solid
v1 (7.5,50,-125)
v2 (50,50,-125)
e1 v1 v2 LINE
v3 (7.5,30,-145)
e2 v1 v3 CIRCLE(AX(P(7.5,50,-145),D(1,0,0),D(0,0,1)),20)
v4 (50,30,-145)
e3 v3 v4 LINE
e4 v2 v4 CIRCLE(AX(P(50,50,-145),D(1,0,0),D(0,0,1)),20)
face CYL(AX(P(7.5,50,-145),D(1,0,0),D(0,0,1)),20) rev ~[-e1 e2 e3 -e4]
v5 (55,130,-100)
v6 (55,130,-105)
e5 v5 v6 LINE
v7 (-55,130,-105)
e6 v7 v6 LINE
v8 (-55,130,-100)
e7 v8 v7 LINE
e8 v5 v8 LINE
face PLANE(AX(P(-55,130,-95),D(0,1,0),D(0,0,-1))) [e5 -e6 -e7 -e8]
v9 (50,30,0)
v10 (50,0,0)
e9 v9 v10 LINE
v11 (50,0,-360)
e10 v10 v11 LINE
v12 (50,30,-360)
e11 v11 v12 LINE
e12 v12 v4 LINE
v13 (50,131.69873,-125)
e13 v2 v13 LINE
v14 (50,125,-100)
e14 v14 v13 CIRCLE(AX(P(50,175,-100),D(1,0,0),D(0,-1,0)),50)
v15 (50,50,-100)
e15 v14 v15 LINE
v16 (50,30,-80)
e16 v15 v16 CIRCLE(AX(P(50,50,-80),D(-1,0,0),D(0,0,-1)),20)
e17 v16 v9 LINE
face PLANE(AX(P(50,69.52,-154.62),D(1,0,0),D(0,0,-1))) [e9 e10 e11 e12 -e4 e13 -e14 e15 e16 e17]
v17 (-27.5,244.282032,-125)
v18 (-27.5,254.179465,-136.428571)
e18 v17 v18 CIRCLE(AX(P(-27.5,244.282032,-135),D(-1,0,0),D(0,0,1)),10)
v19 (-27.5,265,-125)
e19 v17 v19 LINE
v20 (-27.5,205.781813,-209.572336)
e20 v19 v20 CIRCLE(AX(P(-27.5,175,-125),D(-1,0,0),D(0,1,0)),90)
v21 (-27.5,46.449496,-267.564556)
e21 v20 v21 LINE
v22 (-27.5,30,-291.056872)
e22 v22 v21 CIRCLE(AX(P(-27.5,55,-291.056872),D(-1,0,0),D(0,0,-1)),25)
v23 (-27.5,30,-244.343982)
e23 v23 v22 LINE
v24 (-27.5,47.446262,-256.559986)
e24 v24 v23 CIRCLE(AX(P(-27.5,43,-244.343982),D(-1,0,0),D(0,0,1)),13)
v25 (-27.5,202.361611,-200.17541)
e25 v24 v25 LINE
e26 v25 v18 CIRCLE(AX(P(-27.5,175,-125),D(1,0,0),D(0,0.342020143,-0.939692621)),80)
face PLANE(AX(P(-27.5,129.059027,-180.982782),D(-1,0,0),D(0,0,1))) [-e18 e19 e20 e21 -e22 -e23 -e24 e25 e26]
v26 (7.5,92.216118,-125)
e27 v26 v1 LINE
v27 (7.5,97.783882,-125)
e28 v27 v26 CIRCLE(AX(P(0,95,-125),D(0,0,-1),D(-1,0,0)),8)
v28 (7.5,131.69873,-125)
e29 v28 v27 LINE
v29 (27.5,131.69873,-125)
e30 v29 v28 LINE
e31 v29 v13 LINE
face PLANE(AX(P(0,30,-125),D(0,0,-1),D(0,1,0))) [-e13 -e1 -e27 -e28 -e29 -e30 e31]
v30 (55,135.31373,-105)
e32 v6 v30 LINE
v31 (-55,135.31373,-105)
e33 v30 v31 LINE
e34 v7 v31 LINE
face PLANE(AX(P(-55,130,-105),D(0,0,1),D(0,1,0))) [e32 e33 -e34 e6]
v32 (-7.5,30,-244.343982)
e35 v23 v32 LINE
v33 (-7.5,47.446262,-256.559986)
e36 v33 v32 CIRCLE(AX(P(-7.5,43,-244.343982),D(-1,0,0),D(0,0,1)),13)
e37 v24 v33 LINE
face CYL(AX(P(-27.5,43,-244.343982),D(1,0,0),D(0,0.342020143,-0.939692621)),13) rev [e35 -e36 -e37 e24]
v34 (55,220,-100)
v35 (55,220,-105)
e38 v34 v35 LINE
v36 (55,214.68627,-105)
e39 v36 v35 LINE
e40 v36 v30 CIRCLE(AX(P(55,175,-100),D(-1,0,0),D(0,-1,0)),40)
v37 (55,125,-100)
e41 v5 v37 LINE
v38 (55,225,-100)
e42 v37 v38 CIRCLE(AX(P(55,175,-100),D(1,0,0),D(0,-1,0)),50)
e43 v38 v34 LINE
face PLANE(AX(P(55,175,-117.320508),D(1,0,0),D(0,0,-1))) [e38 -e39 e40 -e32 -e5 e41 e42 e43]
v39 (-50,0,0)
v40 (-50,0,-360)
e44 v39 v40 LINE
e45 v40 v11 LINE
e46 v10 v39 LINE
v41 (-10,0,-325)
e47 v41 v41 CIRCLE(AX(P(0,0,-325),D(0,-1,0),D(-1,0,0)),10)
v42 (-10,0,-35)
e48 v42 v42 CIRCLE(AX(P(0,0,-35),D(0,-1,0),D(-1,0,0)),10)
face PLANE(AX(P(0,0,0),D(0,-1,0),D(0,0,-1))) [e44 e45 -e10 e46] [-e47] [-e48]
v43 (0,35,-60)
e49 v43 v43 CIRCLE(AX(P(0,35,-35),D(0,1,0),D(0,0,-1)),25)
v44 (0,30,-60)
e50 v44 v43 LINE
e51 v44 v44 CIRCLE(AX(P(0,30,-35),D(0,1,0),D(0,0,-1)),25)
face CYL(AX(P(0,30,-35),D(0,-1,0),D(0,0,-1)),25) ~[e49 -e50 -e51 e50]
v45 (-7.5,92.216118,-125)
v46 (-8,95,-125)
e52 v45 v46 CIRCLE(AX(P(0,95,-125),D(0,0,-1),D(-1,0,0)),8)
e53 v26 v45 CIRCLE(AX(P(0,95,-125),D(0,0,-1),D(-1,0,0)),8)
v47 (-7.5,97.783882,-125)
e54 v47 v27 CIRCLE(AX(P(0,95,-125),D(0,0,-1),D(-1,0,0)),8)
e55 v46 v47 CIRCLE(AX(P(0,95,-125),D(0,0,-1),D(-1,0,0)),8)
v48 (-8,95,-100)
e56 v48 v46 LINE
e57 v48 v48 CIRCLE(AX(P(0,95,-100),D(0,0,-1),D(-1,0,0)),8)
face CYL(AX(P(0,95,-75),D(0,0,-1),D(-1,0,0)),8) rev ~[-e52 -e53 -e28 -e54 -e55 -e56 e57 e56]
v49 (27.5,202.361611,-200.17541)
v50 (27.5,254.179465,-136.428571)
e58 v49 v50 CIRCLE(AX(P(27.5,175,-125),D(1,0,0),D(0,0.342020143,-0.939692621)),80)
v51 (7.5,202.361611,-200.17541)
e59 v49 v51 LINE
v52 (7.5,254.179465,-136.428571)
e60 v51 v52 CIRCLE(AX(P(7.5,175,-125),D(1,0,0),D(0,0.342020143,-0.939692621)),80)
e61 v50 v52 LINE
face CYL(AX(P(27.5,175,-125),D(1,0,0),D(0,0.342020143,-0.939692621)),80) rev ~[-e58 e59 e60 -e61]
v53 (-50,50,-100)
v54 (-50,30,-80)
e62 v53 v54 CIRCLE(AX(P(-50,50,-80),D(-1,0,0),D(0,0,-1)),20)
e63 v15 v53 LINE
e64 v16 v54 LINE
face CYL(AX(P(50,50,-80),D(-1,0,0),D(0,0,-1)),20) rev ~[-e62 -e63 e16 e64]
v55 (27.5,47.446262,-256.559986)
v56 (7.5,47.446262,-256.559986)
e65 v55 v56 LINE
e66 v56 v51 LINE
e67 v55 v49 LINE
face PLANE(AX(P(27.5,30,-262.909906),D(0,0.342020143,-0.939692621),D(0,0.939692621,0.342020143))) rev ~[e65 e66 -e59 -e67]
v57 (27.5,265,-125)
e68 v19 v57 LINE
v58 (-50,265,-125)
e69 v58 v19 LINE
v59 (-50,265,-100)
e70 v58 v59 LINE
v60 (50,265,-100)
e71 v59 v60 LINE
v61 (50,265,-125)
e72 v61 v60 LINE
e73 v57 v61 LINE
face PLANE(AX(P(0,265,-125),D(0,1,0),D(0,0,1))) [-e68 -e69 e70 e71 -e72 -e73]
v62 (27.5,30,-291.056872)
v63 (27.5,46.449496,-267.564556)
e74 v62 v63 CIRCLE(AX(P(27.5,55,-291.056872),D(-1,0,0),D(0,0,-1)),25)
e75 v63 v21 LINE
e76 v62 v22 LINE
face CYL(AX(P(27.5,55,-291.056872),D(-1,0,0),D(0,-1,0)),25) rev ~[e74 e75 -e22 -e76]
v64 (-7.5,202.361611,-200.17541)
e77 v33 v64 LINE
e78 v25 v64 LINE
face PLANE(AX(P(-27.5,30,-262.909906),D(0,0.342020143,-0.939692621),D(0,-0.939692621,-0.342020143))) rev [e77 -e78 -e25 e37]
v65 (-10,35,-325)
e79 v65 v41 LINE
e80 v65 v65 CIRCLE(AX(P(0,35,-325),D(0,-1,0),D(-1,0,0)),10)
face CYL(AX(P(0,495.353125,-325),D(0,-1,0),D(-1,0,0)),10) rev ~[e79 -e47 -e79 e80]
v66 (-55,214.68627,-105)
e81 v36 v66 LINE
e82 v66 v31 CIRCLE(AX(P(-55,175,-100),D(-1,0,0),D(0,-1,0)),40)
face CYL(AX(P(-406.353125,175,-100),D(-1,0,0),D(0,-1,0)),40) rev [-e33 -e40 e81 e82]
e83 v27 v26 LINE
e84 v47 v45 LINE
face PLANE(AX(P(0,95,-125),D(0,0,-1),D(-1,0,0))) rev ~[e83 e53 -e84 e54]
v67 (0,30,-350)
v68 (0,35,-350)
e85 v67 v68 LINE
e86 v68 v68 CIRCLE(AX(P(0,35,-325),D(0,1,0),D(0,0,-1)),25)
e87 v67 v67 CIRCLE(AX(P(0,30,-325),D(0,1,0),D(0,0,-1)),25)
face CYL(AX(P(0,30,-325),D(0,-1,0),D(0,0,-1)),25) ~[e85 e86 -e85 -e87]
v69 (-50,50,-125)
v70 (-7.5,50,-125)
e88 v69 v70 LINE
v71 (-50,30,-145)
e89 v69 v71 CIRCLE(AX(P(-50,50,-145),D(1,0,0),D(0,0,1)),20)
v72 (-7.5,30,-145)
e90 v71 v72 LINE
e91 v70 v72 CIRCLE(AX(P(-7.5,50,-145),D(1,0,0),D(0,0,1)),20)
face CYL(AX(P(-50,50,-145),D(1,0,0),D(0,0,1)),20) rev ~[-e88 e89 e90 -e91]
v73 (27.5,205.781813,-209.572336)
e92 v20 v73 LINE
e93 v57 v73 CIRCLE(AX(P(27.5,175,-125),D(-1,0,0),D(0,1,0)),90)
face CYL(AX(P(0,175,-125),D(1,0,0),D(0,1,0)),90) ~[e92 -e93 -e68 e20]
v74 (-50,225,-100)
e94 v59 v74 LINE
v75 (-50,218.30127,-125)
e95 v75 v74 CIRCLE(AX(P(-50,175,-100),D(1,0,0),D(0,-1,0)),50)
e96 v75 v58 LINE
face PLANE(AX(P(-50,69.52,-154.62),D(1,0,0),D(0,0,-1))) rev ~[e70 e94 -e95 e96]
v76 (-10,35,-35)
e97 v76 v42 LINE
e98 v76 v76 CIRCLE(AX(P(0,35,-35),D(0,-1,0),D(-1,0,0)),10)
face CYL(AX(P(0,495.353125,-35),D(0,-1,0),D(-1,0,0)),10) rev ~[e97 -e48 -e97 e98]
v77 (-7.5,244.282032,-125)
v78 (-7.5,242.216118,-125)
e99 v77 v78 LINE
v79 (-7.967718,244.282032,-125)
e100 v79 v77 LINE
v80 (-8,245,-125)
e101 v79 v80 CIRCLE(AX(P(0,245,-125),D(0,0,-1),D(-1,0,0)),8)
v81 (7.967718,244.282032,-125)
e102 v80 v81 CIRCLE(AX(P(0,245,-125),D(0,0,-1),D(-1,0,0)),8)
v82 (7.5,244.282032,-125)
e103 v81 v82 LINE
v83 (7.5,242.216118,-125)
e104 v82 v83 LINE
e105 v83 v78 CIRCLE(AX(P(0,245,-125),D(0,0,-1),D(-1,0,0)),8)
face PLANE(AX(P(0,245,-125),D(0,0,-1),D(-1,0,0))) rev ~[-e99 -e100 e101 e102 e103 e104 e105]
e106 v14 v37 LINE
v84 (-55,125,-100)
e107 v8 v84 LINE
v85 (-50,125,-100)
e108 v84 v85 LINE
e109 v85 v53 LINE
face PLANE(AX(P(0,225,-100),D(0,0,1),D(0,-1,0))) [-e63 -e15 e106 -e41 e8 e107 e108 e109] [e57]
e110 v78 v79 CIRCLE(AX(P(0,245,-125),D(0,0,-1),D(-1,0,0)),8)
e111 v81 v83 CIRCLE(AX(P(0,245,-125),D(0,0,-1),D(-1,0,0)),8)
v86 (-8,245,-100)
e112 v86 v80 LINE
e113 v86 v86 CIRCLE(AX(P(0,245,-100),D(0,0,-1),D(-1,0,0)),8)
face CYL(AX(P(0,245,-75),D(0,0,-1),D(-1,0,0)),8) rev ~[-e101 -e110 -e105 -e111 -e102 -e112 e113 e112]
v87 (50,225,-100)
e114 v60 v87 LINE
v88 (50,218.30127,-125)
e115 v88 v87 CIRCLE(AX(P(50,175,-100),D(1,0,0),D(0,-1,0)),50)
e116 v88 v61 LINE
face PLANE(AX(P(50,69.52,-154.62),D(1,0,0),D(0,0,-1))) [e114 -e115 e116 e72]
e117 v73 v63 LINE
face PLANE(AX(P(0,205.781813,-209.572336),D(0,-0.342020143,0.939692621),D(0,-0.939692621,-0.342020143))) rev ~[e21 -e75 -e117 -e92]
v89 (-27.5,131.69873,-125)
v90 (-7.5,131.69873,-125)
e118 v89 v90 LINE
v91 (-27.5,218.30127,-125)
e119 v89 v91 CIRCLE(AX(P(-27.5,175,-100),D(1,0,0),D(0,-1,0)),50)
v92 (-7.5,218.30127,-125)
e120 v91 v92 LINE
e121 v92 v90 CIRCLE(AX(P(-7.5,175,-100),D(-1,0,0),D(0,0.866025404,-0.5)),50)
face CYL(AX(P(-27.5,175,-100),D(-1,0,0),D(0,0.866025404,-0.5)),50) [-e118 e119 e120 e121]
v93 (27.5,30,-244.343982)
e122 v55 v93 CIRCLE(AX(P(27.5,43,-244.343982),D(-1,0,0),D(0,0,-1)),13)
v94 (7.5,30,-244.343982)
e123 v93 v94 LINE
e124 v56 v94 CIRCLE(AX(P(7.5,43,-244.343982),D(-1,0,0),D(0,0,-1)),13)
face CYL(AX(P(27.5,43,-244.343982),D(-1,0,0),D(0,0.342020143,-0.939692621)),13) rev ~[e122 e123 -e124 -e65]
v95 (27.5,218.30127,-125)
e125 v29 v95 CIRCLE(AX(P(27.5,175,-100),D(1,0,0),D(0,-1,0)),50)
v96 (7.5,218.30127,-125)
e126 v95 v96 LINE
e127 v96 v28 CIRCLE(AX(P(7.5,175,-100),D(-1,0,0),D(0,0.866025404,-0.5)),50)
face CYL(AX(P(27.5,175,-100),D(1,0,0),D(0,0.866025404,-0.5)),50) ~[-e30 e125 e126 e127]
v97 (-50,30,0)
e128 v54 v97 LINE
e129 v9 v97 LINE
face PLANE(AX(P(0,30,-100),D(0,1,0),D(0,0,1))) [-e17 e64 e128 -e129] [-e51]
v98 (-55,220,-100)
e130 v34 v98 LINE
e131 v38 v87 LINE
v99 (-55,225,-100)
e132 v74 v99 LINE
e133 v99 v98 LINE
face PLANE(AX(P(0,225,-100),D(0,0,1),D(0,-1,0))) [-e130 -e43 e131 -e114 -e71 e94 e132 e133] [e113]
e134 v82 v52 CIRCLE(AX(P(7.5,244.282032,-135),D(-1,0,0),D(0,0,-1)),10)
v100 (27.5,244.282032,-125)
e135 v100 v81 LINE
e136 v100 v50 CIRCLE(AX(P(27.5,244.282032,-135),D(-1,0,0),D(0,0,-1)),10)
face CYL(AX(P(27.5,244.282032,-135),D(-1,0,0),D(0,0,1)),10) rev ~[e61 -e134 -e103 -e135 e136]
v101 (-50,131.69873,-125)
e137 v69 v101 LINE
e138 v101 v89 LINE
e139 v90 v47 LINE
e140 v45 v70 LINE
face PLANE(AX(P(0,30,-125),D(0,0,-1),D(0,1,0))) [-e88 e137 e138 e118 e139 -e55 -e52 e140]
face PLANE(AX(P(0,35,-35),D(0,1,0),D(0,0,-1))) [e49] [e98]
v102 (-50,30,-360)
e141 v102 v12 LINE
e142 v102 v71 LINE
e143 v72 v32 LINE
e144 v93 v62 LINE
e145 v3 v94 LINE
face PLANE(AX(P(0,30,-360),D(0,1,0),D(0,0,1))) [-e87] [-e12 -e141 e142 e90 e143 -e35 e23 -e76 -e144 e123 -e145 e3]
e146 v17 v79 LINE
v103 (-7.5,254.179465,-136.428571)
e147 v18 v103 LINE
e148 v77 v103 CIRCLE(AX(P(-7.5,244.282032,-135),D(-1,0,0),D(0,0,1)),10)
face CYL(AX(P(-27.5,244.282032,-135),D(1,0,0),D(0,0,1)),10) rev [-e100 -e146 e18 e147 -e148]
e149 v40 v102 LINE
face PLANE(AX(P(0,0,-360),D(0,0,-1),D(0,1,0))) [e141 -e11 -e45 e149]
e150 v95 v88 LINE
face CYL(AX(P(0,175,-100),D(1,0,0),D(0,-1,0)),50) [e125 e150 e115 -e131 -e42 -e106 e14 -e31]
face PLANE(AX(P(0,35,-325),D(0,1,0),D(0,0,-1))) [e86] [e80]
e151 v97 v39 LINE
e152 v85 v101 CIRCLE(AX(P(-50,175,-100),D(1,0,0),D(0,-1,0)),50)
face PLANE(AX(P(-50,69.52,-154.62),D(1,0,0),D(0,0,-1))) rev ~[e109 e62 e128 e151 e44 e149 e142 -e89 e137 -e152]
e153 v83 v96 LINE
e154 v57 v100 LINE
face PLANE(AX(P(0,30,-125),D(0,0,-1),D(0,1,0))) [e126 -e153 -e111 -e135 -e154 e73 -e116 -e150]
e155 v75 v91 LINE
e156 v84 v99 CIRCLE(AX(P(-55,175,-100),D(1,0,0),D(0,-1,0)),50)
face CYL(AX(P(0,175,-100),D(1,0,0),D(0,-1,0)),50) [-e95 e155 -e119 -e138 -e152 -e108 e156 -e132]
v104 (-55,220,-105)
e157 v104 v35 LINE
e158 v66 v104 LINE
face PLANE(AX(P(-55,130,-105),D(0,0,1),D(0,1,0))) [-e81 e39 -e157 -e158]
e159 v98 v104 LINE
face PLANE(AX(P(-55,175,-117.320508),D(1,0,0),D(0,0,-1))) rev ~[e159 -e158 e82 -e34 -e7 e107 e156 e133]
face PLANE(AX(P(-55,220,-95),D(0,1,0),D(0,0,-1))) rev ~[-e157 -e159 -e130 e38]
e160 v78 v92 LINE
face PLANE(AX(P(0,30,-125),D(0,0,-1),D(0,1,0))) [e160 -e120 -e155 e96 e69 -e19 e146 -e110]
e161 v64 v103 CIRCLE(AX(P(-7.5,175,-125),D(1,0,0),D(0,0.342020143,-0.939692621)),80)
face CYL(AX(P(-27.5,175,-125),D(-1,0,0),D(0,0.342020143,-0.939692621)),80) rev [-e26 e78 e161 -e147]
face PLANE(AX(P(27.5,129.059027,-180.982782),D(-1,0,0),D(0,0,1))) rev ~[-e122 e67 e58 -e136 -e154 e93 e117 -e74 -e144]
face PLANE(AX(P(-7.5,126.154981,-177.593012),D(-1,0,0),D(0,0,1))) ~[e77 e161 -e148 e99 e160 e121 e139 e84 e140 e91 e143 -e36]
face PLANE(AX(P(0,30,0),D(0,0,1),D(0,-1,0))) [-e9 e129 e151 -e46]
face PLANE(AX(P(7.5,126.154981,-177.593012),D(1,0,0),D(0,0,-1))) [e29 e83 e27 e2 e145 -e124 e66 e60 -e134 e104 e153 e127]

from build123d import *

# Parameters (mm, degrees)
BOSS_EXTRUDE1_DEPTH     = 50
BOSS_EXTRUDE4_DEPTH     = 55
BOSS_EXTRUDE5_DEPTH     = 27.5
CUT_EXTRUDE1_DEPTH      = 20
FILLET1_R               = 13
FILLET2_R               = 25
FILLET3_R               = 10
FILLET4_R               = 20
CUT_EXTRUDE2_DEPTH      = 461.353125329
CUT_EXTRUDE2_DEPTH_BACK = 461.353125329
CUT_EXTRUDE3_START      = -110
SKETCH14_W              = 10
SKETCH14_H              = 90
CUT_EXTRUDE3_DEPTH      = 110
SKETCH15_R              = 25
BOSS_EXTRUDE6_DEPTH     = 5
LPATTERN1_COUNT         = 2
LPATTERN1_PITCH         = 290
HOLE1_D                 = 20
HOLE2_D                 = 16
HOLE2_DEPTH             = 25
LPATTERN2_COUNT         = 2
LPATTERN2_PITCH         = 150


with BuildPart() as part:
    # Sketch2 → Boss-Extrude1 (new, symmetric)
    with BuildSketch(Plane(origin=(0, 0, 0), x_dir=(0, 0, -1), z_dir=(1, 0, 0))):
        Polygon((0, 0), (360, 0), (360, 30), (125, 30), (125, 265), (100, 265), (100, 30), (0, 30), align=None)
    extrude(amount=BOSS_EXTRUDE1_DEPTH, both=True)

    # Sketch7 → Boss-Extrude4 (add, symmetric)
    with BuildSketch(Plane(origin=(0, 0, 0), x_dir=(0, 0, -1), z_dir=(1, 0, 0))):
        with BuildLine():
            Line((100, 225), (100, 125))
            ThreePointArc((100, 125), (150, 175), (100, 225))
        make_face()
    extrude(amount=BOSS_EXTRUDE4_DEPTH, both=True)

    # Sketch11 → Boss-Extrude5 (add, symmetric)
    with BuildSketch(Plane(origin=(0, 0, 0), x_dir=(0, 0, -1), z_dir=(1, 0, 0))):
        with BuildLine():
            Line((209.572335871, 205.781812899), (273.551683491, 30))
            Line((273.551683491, 30), (125, 30))
            Line((125, 30), (125, 265))
            ThreePointArc((125, 265), (176.621879272, 248.723683986), (209.572335871, 205.781812899))
        make_face()
    extrude(amount=BOSS_EXTRUDE5_DEPTH, both=True)

    # Sketch12 → Cut-Extrude1 (cut)
    with BuildSketch(Plane(origin=(27.5, 0, 0), x_dir=(0, 0, -1), z_dir=(1, 0, 0))):
        with BuildLine():
            Line((125, 255), (125, 218.301270189))
            ThreePointArc((125, 218.301270189), (150, 175), (125, 131.698729811))
            Line((125, 131.698729811), (125, 30))
            Line((125, 30), (262.909905767, 30))
            Line((262.909905767, 30), (200.175409663, 202.361611466))
            ThreePointArc((200.175409663, 202.361611466), (170.886114908, 240.532163543), (125, 255))
        make_face()
    cut_extrude1 = extrude(amount=-CUT_EXTRUDE1_DEPTH, mode=Mode.SUBTRACT)

    # Mirror1: Cut-Extrude1 across plane
    add(cut_extrude1.mirror(Plane(origin=(0, 0, 0), x_dir=(0, 0, 1), z_dir=(1, 0, 0))), mode=Mode.SUBTRACT)

    # Fillet1
    fillet1_edges = [part.edges().sort_by_distance(p)[0] for p in [
        (17.5, 30, -262.909905767),
        (-17.5, 30, -262.909905767),
    ]]
    fillet(fillet1_edges, radius=FILLET1_R)

    # Fillet2
    fillet2_edges = [part.edges().sort_by_distance(p)[0] for p in [
        (0, 30, -273.551683491),
    ]]
    fillet(fillet2_edges, radius=FILLET2_R)

    # Fillet3
    fillet3_edges = [part.edges().sort_by_distance(p)[0] for p in [
        (17.5, 255, -125),
        (-17.5, 255, -125),
    ]]
    fillet(fillet3_edges, radius=FILLET3_R)

    # Fillet4
    fillet4_edges = [part.edges().sort_by_distance(p)[0] for p in [
        (0, 30, -100),
        (28.75, 30, -125),
        (-28.75, 30, -125),
    ]]
    fillet(fillet4_edges, radius=FILLET4_R)

    # Sketch13 → Cut-Extrude2 (cut, two sides: drawn at the far end of the back side and taken through both)
    with BuildSketch(Plane(origin=(55, 0, 0), x_dir=(0, 0, -1), z_dir=(1, 0, 0)).offset(-CUT_EXTRUDE2_DEPTH_BACK)):
        with BuildLine():
            Line((100, 215), (100, 135))
            ThreePointArc((100, 135), (140, 175), (100, 215))
        make_face()
    extrude(amount=CUT_EXTRUDE2_DEPTH + CUT_EXTRUDE2_DEPTH_BACK, mode=Mode.SUBTRACT)

    # Sketch14 → Cut-Extrude3 (cut)
    with BuildSketch(Plane(origin=(55, 0, 0), x_dir=(0, 0, -1), z_dir=(1, 0, 0)).offset(CUT_EXTRUDE3_START)):
        with Locations((100, 175)):
            Rectangle(SKETCH14_W, SKETCH14_H)
    extrude(amount=CUT_EXTRUDE3_DEPTH, mode=Mode.SUBTRACT)

    # Sketch15 → Boss-Extrude6 (add)
    with BuildSketch(Plane(origin=(0, 30, 0), x_dir=(1, 0, 0), z_dir=(0, 1, 0))):
        with Locations(Location((0, 35, 0), (0, 0, 90))):
            Circle(SKETCH15_R)
    boss_extrude6 = extrude(amount=BOSS_EXTRUDE6_DEPTH)

    # LPattern1: Boss-Extrude6 ×2
    with Locations(*[(0, 0, -i * LPATTERN1_PITCH) for i in range(1, LPATTERN1_COUNT)]):
        add(boss_extrude6)

    # Hole1 (through all)
    with Locations(Plane(origin=(0, 35, 0), x_dir=(1, 0, 0), z_dir=(0, 1, 0))):
        with Locations((0, 35), (0, 325)):
            Hole(HOLE1_D / 2)

    # Hole2
    with Locations(Plane.XY.offset(-100)):
        with Locations((0, 245)):
            hole2 = Hole(HOLE2_D / 2, depth=HOLE2_DEPTH)

    # LPattern2: Hole2 ×2
    with Locations(*[(0, -i * LPATTERN2_PITCH, 0) for i in range(1, LPATTERN2_COUNT)]):
        add(hole2, mode=Mode.SUBTRACT)


solid = part.part
